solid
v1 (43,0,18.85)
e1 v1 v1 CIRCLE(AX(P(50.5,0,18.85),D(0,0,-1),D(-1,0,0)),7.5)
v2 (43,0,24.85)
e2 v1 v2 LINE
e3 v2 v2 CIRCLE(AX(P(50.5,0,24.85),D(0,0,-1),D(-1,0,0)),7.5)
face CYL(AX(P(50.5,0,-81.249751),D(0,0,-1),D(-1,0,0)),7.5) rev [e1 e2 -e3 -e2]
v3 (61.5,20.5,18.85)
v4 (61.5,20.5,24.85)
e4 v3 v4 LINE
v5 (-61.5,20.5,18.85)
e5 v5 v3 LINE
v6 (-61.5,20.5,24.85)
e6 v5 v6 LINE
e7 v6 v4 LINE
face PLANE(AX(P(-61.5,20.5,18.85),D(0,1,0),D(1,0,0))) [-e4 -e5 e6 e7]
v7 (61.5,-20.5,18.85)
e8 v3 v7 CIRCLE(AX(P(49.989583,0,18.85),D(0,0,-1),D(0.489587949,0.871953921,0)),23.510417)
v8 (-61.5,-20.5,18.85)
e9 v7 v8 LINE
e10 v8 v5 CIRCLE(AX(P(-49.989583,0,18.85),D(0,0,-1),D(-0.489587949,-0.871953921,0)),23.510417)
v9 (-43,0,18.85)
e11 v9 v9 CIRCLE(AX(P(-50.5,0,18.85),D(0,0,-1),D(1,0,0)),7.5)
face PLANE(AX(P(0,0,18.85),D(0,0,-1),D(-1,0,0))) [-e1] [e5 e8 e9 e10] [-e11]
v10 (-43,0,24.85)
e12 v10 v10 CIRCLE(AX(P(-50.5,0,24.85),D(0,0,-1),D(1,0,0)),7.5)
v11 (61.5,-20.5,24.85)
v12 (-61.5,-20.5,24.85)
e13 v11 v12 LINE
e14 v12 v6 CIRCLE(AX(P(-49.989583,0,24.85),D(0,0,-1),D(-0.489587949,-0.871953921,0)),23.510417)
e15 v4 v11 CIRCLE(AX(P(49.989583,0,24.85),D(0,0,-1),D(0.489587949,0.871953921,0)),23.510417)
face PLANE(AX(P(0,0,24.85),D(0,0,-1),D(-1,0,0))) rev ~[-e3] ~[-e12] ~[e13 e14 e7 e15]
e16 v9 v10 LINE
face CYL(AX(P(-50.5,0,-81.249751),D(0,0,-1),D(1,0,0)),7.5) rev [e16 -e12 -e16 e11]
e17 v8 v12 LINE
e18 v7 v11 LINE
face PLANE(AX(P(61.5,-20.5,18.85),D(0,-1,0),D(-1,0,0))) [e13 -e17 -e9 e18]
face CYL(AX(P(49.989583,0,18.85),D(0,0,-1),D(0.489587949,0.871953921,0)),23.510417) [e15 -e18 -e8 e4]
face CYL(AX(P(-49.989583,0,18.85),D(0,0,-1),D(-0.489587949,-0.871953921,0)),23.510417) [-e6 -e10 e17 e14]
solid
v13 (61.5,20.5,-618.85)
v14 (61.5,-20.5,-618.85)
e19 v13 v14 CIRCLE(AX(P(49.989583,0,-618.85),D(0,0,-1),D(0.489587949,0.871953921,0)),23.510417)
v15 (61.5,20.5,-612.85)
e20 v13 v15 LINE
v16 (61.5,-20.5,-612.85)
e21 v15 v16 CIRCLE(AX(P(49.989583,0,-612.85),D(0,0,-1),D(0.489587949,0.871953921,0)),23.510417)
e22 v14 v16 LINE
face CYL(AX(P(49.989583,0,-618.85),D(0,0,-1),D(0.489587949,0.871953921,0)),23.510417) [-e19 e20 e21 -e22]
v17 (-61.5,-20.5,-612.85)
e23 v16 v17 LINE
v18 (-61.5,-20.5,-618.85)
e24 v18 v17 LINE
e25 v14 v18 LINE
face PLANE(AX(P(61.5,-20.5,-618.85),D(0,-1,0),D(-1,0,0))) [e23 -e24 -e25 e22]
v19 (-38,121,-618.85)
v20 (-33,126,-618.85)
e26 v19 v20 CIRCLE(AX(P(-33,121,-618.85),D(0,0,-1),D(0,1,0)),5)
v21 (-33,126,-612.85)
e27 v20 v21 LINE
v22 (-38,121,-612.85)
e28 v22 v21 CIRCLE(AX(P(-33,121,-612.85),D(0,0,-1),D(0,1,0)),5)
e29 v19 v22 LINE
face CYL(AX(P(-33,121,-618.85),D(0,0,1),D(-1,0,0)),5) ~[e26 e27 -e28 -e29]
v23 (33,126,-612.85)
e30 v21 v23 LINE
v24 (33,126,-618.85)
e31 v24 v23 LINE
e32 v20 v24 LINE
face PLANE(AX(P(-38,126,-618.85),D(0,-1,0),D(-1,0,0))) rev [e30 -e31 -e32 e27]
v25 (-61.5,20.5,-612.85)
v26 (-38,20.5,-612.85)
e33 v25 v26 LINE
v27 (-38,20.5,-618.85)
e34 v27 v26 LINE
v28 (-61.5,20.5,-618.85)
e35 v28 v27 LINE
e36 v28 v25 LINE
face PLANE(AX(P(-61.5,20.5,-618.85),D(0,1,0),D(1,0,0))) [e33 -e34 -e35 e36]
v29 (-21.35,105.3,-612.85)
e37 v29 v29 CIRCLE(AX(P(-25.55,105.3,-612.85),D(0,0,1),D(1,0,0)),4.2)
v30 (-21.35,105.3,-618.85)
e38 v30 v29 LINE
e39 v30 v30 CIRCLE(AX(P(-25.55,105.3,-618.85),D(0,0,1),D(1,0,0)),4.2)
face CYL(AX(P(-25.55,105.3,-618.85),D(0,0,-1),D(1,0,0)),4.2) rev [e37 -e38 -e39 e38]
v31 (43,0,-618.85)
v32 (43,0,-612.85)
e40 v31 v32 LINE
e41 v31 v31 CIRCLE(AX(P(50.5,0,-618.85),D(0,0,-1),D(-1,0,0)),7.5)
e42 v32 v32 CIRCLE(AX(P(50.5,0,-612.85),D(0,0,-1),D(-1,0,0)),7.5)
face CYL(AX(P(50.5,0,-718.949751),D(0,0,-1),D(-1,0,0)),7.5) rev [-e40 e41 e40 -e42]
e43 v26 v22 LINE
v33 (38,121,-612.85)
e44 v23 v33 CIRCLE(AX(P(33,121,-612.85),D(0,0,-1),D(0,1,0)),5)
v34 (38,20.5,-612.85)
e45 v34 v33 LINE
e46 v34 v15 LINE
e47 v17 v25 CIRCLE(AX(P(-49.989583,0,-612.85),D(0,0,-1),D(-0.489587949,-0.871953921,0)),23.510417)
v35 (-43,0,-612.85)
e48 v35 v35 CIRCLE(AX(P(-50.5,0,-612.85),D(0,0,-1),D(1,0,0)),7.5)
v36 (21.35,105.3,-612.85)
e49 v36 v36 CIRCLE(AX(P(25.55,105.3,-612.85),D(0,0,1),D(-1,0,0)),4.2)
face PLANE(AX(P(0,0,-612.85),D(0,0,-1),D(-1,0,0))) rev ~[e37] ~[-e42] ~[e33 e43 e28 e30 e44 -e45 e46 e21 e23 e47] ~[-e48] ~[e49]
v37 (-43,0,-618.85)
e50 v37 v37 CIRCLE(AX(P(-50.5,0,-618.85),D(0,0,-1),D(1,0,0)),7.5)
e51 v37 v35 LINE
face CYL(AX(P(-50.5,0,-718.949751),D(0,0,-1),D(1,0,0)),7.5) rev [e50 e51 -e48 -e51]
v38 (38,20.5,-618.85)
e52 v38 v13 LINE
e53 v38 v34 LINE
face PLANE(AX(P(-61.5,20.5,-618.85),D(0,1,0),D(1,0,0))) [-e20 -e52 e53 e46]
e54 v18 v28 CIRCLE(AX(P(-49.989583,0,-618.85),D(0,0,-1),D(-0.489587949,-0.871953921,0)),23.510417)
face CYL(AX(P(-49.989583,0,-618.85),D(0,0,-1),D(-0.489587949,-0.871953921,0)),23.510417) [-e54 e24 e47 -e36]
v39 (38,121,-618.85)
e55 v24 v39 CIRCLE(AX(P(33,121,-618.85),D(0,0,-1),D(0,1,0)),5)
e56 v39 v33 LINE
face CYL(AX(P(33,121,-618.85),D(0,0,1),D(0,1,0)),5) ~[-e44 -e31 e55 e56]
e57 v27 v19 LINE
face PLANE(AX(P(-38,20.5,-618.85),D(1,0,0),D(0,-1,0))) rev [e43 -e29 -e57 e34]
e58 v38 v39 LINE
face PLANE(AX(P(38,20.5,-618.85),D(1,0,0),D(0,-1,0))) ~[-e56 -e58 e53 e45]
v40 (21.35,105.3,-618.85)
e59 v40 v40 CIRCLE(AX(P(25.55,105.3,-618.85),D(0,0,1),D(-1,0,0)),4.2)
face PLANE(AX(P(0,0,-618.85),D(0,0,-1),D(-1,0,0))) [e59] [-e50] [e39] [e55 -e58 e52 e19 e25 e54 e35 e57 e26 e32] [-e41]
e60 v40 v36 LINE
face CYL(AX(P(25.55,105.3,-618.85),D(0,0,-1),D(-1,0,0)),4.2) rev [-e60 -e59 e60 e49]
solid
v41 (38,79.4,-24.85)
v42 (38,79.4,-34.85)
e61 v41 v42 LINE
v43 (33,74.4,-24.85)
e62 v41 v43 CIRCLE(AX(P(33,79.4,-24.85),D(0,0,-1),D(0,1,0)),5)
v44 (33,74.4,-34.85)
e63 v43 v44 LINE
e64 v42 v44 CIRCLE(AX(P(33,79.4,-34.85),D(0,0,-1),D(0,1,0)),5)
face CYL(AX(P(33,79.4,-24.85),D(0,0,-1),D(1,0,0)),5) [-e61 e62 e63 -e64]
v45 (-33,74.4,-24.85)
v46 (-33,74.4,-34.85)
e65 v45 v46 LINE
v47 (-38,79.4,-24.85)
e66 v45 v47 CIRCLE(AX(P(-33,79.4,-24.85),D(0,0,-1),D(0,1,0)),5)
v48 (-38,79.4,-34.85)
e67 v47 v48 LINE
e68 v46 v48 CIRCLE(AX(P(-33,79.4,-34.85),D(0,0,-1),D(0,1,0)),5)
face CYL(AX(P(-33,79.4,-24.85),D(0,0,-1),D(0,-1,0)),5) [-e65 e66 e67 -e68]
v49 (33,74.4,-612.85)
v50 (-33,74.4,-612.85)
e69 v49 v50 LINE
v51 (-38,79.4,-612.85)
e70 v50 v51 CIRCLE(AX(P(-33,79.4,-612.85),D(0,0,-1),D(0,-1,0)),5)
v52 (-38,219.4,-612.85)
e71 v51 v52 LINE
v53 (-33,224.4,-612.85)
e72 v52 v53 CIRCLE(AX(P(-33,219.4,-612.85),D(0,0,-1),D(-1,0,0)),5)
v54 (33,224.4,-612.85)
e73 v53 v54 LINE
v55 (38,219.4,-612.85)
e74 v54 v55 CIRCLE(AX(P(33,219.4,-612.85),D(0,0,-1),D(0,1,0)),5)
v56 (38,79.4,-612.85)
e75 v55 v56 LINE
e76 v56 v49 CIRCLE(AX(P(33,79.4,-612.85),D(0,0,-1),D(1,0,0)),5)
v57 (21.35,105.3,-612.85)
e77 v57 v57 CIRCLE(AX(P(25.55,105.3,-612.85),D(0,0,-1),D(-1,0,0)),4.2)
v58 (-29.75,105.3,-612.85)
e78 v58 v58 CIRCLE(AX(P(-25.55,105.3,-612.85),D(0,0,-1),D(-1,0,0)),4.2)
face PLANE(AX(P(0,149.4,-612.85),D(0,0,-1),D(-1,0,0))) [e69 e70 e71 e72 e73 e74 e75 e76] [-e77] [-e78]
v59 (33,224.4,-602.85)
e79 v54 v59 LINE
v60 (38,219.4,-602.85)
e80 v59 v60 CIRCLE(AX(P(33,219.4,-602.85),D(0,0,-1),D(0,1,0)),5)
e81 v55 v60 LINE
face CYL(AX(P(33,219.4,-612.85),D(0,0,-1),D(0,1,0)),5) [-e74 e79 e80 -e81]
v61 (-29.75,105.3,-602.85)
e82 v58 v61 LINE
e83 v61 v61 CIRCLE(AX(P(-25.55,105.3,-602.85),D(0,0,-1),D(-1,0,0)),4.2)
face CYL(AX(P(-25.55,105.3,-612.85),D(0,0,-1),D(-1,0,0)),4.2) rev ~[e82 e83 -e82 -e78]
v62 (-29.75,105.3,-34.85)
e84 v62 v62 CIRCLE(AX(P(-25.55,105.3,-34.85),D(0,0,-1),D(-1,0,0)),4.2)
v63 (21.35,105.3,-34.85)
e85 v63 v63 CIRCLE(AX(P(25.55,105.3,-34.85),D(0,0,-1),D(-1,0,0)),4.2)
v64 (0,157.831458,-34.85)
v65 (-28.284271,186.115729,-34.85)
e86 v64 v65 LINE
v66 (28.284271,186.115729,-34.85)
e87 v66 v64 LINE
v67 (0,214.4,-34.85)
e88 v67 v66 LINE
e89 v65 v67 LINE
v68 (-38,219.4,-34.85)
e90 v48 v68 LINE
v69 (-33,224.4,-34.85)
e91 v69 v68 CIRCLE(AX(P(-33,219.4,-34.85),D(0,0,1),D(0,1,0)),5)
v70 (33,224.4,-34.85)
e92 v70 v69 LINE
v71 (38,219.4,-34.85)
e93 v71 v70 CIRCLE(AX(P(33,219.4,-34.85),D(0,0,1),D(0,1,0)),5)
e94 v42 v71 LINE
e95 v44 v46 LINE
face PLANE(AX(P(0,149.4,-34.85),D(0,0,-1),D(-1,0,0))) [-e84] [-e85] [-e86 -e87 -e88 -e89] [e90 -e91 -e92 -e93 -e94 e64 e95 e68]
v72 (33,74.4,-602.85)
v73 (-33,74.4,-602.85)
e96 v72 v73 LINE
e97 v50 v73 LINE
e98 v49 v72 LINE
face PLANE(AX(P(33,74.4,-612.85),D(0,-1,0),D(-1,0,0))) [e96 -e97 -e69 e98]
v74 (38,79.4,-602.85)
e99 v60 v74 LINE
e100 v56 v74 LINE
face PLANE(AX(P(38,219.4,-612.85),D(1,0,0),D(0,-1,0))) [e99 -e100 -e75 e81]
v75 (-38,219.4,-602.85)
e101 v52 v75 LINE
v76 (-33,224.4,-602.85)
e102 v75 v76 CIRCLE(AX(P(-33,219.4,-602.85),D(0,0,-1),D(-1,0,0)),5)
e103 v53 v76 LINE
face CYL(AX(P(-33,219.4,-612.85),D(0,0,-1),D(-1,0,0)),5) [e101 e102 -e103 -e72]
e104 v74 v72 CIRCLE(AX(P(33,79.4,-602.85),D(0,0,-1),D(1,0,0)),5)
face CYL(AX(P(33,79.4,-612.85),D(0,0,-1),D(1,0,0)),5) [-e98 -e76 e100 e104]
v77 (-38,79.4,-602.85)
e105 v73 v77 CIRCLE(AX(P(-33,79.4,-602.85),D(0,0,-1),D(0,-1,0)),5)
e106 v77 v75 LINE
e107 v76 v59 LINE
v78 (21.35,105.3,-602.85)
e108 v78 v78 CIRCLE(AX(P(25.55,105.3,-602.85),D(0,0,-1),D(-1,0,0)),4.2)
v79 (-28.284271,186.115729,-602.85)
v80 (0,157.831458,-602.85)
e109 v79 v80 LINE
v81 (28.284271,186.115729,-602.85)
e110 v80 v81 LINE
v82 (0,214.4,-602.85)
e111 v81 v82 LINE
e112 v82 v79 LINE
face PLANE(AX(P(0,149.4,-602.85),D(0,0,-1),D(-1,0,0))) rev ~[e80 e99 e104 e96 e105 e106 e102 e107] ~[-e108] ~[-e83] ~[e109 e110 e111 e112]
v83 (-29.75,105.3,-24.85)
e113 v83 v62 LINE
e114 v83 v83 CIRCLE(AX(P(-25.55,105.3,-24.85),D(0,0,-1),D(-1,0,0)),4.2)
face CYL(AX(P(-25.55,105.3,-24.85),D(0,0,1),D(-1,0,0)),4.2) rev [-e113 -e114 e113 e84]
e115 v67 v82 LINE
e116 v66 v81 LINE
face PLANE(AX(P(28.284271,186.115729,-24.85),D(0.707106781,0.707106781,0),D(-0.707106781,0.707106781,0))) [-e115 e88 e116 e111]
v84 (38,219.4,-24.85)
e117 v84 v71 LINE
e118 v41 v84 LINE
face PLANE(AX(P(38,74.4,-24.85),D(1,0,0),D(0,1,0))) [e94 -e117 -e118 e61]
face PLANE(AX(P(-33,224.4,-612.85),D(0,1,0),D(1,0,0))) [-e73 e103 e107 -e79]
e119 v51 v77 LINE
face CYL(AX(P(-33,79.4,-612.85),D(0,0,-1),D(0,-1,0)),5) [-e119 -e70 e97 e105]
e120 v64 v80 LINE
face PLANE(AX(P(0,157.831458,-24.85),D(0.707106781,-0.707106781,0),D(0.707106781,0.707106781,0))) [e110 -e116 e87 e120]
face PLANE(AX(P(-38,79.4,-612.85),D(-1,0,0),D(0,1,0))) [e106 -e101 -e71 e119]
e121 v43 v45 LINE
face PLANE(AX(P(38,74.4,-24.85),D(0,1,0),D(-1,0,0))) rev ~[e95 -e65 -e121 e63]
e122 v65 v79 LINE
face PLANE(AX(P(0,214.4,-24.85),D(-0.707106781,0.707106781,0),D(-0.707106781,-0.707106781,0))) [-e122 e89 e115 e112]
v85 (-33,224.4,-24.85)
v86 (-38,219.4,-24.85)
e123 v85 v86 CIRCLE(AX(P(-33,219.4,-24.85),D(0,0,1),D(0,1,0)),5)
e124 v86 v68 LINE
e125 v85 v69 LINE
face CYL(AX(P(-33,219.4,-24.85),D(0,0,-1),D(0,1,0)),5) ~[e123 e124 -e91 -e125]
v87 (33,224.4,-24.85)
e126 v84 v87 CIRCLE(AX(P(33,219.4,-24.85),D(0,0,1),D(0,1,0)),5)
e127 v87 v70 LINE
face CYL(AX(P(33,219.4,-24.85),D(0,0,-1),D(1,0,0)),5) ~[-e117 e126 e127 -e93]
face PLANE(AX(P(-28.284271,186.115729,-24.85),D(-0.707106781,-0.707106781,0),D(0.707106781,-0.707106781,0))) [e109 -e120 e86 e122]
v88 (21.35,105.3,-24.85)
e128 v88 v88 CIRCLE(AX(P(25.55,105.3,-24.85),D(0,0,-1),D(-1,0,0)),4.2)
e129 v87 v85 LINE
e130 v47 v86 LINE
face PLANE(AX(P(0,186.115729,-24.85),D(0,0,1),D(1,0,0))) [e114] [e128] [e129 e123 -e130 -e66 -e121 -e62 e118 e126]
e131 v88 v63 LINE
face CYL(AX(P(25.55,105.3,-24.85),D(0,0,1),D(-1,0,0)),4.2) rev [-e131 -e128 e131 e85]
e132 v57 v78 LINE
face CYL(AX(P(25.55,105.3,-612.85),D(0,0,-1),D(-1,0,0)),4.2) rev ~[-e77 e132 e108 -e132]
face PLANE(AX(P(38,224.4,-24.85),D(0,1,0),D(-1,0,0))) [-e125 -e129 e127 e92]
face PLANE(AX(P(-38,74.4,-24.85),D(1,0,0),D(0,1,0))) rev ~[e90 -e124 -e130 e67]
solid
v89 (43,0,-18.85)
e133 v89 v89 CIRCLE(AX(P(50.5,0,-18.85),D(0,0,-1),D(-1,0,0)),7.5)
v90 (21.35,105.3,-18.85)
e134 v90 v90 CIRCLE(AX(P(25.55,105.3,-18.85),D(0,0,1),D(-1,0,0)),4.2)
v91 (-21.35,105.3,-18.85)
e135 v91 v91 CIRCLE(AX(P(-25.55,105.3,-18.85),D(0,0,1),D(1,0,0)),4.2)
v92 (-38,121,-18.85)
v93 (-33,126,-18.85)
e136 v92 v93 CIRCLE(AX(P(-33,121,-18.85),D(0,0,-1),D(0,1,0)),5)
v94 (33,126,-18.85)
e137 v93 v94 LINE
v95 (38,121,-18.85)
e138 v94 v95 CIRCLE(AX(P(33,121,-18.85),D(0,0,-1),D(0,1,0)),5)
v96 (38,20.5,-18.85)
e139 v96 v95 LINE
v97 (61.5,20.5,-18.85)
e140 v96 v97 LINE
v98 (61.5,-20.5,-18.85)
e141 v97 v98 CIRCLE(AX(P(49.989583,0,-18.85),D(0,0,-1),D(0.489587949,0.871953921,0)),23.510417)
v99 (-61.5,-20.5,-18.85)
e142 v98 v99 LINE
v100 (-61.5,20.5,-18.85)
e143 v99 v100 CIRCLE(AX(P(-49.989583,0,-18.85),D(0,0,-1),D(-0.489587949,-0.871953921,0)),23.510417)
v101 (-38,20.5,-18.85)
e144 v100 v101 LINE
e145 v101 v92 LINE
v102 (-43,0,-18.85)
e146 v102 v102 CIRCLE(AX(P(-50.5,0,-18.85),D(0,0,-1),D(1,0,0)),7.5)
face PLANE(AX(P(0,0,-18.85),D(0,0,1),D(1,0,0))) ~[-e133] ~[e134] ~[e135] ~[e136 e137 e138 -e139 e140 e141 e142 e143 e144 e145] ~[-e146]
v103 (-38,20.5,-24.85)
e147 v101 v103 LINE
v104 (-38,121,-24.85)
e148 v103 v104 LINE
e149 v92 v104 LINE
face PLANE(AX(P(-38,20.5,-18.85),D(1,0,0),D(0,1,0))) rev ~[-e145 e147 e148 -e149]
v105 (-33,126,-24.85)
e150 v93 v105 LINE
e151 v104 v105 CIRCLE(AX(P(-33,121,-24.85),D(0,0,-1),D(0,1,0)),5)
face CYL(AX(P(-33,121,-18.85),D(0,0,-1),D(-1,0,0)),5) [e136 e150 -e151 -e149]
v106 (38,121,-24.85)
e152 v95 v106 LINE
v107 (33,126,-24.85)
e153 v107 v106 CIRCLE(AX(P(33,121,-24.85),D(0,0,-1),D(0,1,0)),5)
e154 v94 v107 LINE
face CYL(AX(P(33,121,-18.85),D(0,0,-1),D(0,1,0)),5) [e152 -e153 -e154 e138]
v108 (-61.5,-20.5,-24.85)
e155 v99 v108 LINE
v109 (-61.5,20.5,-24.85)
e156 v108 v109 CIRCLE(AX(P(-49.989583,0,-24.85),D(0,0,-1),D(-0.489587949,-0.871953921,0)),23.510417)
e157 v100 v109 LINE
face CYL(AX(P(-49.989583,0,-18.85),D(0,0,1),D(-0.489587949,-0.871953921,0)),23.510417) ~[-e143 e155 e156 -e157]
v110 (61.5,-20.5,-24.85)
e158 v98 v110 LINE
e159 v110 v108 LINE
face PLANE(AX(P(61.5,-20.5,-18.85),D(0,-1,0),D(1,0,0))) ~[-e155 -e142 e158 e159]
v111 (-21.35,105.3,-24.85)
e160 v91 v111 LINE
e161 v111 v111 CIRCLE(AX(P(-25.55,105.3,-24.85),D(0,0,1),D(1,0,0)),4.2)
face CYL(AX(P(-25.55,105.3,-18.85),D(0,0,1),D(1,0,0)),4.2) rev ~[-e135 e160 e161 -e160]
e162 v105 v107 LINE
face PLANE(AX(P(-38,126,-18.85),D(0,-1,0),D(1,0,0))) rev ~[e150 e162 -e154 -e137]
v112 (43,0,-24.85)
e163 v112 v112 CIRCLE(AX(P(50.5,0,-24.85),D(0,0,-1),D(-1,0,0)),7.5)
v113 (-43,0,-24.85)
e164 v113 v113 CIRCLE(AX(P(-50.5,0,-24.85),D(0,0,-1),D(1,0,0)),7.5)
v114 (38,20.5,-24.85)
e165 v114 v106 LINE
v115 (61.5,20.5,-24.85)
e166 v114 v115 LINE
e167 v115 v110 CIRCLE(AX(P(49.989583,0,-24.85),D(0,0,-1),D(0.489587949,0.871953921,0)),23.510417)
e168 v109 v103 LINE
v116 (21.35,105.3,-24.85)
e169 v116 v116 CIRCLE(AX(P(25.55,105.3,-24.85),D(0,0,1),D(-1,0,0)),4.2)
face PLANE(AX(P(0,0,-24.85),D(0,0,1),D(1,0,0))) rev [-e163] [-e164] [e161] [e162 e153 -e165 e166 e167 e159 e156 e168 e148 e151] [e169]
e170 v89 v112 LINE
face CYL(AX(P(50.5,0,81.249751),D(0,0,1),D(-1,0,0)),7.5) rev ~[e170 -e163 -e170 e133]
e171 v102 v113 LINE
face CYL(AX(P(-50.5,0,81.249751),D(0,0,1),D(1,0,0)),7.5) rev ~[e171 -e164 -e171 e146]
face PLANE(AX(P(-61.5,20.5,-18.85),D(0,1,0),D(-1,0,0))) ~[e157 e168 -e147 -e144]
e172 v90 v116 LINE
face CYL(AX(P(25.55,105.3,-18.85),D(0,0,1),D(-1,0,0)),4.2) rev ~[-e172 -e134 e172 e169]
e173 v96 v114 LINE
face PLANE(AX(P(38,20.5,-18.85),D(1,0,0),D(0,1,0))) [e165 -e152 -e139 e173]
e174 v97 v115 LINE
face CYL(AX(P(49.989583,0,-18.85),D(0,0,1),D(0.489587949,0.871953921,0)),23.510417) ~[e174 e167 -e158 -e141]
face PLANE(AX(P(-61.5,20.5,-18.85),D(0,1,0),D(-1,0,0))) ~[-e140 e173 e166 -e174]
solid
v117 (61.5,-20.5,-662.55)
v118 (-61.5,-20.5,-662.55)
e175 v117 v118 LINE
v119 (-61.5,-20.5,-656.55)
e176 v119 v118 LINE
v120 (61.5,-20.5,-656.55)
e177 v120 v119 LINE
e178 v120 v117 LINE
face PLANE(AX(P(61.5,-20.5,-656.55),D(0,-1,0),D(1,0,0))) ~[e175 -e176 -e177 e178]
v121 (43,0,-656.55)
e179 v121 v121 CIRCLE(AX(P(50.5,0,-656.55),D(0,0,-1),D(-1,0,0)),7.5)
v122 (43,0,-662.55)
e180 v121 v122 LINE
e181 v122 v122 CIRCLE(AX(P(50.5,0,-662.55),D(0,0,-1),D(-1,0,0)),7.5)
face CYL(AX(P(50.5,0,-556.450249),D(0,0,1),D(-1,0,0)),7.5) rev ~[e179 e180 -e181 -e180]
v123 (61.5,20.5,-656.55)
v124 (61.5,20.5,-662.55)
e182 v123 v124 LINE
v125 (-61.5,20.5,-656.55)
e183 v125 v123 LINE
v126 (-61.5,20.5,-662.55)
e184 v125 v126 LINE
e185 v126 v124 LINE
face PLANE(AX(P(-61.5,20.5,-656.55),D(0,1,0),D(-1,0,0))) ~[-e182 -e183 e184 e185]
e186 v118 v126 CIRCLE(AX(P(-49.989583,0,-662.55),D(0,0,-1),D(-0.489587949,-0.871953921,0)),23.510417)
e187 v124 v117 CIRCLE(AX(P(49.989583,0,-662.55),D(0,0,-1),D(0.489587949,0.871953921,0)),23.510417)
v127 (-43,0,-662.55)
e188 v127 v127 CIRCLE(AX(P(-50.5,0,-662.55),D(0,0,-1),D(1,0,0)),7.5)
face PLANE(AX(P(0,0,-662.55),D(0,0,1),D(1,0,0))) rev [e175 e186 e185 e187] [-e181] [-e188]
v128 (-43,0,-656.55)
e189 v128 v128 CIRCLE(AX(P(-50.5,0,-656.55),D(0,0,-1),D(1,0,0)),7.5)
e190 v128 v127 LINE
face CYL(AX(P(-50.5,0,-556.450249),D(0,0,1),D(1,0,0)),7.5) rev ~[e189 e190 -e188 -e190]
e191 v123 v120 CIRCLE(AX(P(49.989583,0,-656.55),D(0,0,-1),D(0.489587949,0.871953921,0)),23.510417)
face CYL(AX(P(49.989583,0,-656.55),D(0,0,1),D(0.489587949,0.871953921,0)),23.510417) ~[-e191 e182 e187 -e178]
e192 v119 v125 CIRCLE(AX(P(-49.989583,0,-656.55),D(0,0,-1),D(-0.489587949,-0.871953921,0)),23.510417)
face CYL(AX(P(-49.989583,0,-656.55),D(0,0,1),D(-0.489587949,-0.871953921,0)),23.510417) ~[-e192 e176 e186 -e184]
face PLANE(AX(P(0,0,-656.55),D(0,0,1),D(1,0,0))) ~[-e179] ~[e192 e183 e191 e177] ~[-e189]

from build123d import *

# Parameters (mm, degrees)
BOSS_EXTRUDE1_START     = 18.85
BOSS_EXTRUDE1_DEPTH     = 6
CUT_EXTRUDE1_DEPTH      = 81.249750778
CUT_EXTRUDE1_DEPTH_BACK = 81.249750778
SKETCH2_R               = 7.5
SKETCH3_W               = 76
SKETCH3_H               = 105.5
BOSS_EXTRUDE2_DEPTH     = 6
FILLET1_R               = 5
SKETCH4_R               = 4.2
CUT_EXTRUDE2_DEPTH      = 153.275868082
SKETCH6_W               = 76
SKETCH6_H               = 150
SKETCH6_R               = 4.2
BOSS_EXTRUDE4_DEPTH     = 10
FILLET2_R               = 5
BOSS_EXTRUDE5_DEPTH     = 588
SKETCH8_R               = 4.2
BOSS_EXTRUDE6_DEPTH     = 10


with BuildPart() as part:
    # Sketch1 → Boss-Extrude1 (new body)
    with BuildSketch(Plane.XY.offset(BOSS_EXTRUDE1_START)):
        with BuildLine():
            Line((-61.5, 20.5), (61.5, 20.5))
            ThreePointArc((61.5, 20.5), (73.5, 0), (61.5, -20.5))
            Line((61.5, -20.5), (-61.5, -20.5))
            ThreePointArc((-61.5, -20.5), (-73.5, 0), (-61.5, 20.5))
        make_face()
    extrude(amount=BOSS_EXTRUDE1_DEPTH)

    # Sketch2 → Cut-Extrude1 (cut, two sides: drawn at the far end of the back side and taken through both)
    with BuildSketch(Plane.XY.offset(-CUT_EXTRUDE1_DEPTH_BACK)):
        with Locations((-50.5, 0)):
            Circle(SKETCH2_R)
        with Locations(Location((50.5, 0, 0), (0, 0, 180))):
            Circle(SKETCH2_R)
    extrude(amount=CUT_EXTRUDE1_DEPTH + CUT_EXTRUDE1_DEPTH_BACK, mode=Mode.SUBTRACT)


with BuildPart() as body_2:
    # Mirror2: mirrored copy
    add(part.part.mirror(Plane.XY))

    # Sketch3 → Boss-Extrude2 (add)
    with BuildSketch(Plane.XY.offset(-18.85)):
        with Locations((0, 73.25)):
            Rectangle(SKETCH3_W, SKETCH3_H)
    extrude(amount=-BOSS_EXTRUDE2_DEPTH)

    # Fillet1
    fillet1_edges = [body_2.edges().sort_by_distance(p)[0] for p in [
        (38, 126, -21.85),
        (-38, 126, -21.85),
    ]]
    fillet(fillet1_edges, radius=FILLET1_R)

    # Sketch4 → Cut-Extrude2 (cut, through all)
    with BuildSketch(Plane.XY.offset(-18.85)):
        with Locations((-25.55, 105.3)):
            Circle(SKETCH4_R)
        with Locations(Location((25.55, 105.3, 0), (0, 0, 180))):
            Circle(SKETCH4_R)
    extrude(amount=-CUT_EXTRUDE2_DEPTH, mode=Mode.SUBTRACT)


with BuildPart() as body_3:
    # Sketch6 → Boss-Extrude4 (new body)
    with BuildSketch(Plane(origin=(0, 0, -24.85), x_dir=(-1, 0, 0), z_dir=(0, 0, -1))):
        with Locations((0, 149.4)):
            Rectangle(SKETCH6_W, SKETCH6_H)
        with Locations((25.55, 105.3)):
            Circle(SKETCH6_R, mode=Mode.SUBTRACT)
        with Locations((-25.55, 105.3)):
            Circle(SKETCH6_R, mode=Mode.SUBTRACT)
    extrude(amount=BOSS_EXTRUDE4_DEPTH)

    # Fillet2
    fillet2_edges = [body_3.edges().sort_by_distance(p)[0] for p in [
        (38, 74.4, -29.85),
        (38, 224.4, -29.85),
        (-38, 224.4, -29.85),
        (-38, 74.4, -29.85),
    ]]
    fillet(fillet2_edges, radius=FILLET2_R)

    # Sketch7 → Boss-Extrude5 (add)
    with BuildSketch(Plane.XY.offset(-24.85)):
        Polygon((0, 214.4), (-28.284271247, 186.115728753), (0, 157.831457505), (28.284271247, 186.115728753), align=None)
    extrude(amount=-BOSS_EXTRUDE5_DEPTH)

    # Sketch8 → Boss-Extrude6 (add)
    with BuildSketch(Plane(origin=(0, 0, -612.85), x_dir=(-1, 0, 0), z_dir=(0, 0, -1))):
        with BuildLine():
            Line((38, 79.4), (38, 219.4))
            ThreePointArc((38, 219.4), (36.535533906, 222.935533906), (33, 224.4))
            Line((33, 224.4), (-33, 224.4))
            ThreePointArc((-33, 224.4), (-36.535533906, 222.935533906), (-38, 219.4))
            Line((-38, 219.4), (-38, 79.4))
            ThreePointArc((-38, 79.4), (-36.535533906, 75.864466094), (-33, 74.4))
            Line((-33, 74.4), (33, 74.4))
            ThreePointArc((33, 74.4), (36.535533906, 75.864466094), (38, 79.4))
        make_face()
        with Locations((25.55, 105.3)):
            Circle(SKETCH8_R, mode=Mode.SUBTRACT)
        with Locations((-25.55, 105.3)):
            Circle(SKETCH8_R, mode=Mode.SUBTRACT)
    extrude(amount=-BOSS_EXTRUDE6_DEPTH)


with BuildPart() as body_4:
    # Mirror3: mirrored copy
    add(body_2.part.mirror(Plane.XY.offset(-318.85)))


with BuildPart() as body_5:
    # Mirror3 2: mirrored copy
    add(part.part.mirror(Plane.XY.offset(-318.85)))


solid = Compound([part.part, body_2.part, body_3.part, body_4.part, body_5.part])
